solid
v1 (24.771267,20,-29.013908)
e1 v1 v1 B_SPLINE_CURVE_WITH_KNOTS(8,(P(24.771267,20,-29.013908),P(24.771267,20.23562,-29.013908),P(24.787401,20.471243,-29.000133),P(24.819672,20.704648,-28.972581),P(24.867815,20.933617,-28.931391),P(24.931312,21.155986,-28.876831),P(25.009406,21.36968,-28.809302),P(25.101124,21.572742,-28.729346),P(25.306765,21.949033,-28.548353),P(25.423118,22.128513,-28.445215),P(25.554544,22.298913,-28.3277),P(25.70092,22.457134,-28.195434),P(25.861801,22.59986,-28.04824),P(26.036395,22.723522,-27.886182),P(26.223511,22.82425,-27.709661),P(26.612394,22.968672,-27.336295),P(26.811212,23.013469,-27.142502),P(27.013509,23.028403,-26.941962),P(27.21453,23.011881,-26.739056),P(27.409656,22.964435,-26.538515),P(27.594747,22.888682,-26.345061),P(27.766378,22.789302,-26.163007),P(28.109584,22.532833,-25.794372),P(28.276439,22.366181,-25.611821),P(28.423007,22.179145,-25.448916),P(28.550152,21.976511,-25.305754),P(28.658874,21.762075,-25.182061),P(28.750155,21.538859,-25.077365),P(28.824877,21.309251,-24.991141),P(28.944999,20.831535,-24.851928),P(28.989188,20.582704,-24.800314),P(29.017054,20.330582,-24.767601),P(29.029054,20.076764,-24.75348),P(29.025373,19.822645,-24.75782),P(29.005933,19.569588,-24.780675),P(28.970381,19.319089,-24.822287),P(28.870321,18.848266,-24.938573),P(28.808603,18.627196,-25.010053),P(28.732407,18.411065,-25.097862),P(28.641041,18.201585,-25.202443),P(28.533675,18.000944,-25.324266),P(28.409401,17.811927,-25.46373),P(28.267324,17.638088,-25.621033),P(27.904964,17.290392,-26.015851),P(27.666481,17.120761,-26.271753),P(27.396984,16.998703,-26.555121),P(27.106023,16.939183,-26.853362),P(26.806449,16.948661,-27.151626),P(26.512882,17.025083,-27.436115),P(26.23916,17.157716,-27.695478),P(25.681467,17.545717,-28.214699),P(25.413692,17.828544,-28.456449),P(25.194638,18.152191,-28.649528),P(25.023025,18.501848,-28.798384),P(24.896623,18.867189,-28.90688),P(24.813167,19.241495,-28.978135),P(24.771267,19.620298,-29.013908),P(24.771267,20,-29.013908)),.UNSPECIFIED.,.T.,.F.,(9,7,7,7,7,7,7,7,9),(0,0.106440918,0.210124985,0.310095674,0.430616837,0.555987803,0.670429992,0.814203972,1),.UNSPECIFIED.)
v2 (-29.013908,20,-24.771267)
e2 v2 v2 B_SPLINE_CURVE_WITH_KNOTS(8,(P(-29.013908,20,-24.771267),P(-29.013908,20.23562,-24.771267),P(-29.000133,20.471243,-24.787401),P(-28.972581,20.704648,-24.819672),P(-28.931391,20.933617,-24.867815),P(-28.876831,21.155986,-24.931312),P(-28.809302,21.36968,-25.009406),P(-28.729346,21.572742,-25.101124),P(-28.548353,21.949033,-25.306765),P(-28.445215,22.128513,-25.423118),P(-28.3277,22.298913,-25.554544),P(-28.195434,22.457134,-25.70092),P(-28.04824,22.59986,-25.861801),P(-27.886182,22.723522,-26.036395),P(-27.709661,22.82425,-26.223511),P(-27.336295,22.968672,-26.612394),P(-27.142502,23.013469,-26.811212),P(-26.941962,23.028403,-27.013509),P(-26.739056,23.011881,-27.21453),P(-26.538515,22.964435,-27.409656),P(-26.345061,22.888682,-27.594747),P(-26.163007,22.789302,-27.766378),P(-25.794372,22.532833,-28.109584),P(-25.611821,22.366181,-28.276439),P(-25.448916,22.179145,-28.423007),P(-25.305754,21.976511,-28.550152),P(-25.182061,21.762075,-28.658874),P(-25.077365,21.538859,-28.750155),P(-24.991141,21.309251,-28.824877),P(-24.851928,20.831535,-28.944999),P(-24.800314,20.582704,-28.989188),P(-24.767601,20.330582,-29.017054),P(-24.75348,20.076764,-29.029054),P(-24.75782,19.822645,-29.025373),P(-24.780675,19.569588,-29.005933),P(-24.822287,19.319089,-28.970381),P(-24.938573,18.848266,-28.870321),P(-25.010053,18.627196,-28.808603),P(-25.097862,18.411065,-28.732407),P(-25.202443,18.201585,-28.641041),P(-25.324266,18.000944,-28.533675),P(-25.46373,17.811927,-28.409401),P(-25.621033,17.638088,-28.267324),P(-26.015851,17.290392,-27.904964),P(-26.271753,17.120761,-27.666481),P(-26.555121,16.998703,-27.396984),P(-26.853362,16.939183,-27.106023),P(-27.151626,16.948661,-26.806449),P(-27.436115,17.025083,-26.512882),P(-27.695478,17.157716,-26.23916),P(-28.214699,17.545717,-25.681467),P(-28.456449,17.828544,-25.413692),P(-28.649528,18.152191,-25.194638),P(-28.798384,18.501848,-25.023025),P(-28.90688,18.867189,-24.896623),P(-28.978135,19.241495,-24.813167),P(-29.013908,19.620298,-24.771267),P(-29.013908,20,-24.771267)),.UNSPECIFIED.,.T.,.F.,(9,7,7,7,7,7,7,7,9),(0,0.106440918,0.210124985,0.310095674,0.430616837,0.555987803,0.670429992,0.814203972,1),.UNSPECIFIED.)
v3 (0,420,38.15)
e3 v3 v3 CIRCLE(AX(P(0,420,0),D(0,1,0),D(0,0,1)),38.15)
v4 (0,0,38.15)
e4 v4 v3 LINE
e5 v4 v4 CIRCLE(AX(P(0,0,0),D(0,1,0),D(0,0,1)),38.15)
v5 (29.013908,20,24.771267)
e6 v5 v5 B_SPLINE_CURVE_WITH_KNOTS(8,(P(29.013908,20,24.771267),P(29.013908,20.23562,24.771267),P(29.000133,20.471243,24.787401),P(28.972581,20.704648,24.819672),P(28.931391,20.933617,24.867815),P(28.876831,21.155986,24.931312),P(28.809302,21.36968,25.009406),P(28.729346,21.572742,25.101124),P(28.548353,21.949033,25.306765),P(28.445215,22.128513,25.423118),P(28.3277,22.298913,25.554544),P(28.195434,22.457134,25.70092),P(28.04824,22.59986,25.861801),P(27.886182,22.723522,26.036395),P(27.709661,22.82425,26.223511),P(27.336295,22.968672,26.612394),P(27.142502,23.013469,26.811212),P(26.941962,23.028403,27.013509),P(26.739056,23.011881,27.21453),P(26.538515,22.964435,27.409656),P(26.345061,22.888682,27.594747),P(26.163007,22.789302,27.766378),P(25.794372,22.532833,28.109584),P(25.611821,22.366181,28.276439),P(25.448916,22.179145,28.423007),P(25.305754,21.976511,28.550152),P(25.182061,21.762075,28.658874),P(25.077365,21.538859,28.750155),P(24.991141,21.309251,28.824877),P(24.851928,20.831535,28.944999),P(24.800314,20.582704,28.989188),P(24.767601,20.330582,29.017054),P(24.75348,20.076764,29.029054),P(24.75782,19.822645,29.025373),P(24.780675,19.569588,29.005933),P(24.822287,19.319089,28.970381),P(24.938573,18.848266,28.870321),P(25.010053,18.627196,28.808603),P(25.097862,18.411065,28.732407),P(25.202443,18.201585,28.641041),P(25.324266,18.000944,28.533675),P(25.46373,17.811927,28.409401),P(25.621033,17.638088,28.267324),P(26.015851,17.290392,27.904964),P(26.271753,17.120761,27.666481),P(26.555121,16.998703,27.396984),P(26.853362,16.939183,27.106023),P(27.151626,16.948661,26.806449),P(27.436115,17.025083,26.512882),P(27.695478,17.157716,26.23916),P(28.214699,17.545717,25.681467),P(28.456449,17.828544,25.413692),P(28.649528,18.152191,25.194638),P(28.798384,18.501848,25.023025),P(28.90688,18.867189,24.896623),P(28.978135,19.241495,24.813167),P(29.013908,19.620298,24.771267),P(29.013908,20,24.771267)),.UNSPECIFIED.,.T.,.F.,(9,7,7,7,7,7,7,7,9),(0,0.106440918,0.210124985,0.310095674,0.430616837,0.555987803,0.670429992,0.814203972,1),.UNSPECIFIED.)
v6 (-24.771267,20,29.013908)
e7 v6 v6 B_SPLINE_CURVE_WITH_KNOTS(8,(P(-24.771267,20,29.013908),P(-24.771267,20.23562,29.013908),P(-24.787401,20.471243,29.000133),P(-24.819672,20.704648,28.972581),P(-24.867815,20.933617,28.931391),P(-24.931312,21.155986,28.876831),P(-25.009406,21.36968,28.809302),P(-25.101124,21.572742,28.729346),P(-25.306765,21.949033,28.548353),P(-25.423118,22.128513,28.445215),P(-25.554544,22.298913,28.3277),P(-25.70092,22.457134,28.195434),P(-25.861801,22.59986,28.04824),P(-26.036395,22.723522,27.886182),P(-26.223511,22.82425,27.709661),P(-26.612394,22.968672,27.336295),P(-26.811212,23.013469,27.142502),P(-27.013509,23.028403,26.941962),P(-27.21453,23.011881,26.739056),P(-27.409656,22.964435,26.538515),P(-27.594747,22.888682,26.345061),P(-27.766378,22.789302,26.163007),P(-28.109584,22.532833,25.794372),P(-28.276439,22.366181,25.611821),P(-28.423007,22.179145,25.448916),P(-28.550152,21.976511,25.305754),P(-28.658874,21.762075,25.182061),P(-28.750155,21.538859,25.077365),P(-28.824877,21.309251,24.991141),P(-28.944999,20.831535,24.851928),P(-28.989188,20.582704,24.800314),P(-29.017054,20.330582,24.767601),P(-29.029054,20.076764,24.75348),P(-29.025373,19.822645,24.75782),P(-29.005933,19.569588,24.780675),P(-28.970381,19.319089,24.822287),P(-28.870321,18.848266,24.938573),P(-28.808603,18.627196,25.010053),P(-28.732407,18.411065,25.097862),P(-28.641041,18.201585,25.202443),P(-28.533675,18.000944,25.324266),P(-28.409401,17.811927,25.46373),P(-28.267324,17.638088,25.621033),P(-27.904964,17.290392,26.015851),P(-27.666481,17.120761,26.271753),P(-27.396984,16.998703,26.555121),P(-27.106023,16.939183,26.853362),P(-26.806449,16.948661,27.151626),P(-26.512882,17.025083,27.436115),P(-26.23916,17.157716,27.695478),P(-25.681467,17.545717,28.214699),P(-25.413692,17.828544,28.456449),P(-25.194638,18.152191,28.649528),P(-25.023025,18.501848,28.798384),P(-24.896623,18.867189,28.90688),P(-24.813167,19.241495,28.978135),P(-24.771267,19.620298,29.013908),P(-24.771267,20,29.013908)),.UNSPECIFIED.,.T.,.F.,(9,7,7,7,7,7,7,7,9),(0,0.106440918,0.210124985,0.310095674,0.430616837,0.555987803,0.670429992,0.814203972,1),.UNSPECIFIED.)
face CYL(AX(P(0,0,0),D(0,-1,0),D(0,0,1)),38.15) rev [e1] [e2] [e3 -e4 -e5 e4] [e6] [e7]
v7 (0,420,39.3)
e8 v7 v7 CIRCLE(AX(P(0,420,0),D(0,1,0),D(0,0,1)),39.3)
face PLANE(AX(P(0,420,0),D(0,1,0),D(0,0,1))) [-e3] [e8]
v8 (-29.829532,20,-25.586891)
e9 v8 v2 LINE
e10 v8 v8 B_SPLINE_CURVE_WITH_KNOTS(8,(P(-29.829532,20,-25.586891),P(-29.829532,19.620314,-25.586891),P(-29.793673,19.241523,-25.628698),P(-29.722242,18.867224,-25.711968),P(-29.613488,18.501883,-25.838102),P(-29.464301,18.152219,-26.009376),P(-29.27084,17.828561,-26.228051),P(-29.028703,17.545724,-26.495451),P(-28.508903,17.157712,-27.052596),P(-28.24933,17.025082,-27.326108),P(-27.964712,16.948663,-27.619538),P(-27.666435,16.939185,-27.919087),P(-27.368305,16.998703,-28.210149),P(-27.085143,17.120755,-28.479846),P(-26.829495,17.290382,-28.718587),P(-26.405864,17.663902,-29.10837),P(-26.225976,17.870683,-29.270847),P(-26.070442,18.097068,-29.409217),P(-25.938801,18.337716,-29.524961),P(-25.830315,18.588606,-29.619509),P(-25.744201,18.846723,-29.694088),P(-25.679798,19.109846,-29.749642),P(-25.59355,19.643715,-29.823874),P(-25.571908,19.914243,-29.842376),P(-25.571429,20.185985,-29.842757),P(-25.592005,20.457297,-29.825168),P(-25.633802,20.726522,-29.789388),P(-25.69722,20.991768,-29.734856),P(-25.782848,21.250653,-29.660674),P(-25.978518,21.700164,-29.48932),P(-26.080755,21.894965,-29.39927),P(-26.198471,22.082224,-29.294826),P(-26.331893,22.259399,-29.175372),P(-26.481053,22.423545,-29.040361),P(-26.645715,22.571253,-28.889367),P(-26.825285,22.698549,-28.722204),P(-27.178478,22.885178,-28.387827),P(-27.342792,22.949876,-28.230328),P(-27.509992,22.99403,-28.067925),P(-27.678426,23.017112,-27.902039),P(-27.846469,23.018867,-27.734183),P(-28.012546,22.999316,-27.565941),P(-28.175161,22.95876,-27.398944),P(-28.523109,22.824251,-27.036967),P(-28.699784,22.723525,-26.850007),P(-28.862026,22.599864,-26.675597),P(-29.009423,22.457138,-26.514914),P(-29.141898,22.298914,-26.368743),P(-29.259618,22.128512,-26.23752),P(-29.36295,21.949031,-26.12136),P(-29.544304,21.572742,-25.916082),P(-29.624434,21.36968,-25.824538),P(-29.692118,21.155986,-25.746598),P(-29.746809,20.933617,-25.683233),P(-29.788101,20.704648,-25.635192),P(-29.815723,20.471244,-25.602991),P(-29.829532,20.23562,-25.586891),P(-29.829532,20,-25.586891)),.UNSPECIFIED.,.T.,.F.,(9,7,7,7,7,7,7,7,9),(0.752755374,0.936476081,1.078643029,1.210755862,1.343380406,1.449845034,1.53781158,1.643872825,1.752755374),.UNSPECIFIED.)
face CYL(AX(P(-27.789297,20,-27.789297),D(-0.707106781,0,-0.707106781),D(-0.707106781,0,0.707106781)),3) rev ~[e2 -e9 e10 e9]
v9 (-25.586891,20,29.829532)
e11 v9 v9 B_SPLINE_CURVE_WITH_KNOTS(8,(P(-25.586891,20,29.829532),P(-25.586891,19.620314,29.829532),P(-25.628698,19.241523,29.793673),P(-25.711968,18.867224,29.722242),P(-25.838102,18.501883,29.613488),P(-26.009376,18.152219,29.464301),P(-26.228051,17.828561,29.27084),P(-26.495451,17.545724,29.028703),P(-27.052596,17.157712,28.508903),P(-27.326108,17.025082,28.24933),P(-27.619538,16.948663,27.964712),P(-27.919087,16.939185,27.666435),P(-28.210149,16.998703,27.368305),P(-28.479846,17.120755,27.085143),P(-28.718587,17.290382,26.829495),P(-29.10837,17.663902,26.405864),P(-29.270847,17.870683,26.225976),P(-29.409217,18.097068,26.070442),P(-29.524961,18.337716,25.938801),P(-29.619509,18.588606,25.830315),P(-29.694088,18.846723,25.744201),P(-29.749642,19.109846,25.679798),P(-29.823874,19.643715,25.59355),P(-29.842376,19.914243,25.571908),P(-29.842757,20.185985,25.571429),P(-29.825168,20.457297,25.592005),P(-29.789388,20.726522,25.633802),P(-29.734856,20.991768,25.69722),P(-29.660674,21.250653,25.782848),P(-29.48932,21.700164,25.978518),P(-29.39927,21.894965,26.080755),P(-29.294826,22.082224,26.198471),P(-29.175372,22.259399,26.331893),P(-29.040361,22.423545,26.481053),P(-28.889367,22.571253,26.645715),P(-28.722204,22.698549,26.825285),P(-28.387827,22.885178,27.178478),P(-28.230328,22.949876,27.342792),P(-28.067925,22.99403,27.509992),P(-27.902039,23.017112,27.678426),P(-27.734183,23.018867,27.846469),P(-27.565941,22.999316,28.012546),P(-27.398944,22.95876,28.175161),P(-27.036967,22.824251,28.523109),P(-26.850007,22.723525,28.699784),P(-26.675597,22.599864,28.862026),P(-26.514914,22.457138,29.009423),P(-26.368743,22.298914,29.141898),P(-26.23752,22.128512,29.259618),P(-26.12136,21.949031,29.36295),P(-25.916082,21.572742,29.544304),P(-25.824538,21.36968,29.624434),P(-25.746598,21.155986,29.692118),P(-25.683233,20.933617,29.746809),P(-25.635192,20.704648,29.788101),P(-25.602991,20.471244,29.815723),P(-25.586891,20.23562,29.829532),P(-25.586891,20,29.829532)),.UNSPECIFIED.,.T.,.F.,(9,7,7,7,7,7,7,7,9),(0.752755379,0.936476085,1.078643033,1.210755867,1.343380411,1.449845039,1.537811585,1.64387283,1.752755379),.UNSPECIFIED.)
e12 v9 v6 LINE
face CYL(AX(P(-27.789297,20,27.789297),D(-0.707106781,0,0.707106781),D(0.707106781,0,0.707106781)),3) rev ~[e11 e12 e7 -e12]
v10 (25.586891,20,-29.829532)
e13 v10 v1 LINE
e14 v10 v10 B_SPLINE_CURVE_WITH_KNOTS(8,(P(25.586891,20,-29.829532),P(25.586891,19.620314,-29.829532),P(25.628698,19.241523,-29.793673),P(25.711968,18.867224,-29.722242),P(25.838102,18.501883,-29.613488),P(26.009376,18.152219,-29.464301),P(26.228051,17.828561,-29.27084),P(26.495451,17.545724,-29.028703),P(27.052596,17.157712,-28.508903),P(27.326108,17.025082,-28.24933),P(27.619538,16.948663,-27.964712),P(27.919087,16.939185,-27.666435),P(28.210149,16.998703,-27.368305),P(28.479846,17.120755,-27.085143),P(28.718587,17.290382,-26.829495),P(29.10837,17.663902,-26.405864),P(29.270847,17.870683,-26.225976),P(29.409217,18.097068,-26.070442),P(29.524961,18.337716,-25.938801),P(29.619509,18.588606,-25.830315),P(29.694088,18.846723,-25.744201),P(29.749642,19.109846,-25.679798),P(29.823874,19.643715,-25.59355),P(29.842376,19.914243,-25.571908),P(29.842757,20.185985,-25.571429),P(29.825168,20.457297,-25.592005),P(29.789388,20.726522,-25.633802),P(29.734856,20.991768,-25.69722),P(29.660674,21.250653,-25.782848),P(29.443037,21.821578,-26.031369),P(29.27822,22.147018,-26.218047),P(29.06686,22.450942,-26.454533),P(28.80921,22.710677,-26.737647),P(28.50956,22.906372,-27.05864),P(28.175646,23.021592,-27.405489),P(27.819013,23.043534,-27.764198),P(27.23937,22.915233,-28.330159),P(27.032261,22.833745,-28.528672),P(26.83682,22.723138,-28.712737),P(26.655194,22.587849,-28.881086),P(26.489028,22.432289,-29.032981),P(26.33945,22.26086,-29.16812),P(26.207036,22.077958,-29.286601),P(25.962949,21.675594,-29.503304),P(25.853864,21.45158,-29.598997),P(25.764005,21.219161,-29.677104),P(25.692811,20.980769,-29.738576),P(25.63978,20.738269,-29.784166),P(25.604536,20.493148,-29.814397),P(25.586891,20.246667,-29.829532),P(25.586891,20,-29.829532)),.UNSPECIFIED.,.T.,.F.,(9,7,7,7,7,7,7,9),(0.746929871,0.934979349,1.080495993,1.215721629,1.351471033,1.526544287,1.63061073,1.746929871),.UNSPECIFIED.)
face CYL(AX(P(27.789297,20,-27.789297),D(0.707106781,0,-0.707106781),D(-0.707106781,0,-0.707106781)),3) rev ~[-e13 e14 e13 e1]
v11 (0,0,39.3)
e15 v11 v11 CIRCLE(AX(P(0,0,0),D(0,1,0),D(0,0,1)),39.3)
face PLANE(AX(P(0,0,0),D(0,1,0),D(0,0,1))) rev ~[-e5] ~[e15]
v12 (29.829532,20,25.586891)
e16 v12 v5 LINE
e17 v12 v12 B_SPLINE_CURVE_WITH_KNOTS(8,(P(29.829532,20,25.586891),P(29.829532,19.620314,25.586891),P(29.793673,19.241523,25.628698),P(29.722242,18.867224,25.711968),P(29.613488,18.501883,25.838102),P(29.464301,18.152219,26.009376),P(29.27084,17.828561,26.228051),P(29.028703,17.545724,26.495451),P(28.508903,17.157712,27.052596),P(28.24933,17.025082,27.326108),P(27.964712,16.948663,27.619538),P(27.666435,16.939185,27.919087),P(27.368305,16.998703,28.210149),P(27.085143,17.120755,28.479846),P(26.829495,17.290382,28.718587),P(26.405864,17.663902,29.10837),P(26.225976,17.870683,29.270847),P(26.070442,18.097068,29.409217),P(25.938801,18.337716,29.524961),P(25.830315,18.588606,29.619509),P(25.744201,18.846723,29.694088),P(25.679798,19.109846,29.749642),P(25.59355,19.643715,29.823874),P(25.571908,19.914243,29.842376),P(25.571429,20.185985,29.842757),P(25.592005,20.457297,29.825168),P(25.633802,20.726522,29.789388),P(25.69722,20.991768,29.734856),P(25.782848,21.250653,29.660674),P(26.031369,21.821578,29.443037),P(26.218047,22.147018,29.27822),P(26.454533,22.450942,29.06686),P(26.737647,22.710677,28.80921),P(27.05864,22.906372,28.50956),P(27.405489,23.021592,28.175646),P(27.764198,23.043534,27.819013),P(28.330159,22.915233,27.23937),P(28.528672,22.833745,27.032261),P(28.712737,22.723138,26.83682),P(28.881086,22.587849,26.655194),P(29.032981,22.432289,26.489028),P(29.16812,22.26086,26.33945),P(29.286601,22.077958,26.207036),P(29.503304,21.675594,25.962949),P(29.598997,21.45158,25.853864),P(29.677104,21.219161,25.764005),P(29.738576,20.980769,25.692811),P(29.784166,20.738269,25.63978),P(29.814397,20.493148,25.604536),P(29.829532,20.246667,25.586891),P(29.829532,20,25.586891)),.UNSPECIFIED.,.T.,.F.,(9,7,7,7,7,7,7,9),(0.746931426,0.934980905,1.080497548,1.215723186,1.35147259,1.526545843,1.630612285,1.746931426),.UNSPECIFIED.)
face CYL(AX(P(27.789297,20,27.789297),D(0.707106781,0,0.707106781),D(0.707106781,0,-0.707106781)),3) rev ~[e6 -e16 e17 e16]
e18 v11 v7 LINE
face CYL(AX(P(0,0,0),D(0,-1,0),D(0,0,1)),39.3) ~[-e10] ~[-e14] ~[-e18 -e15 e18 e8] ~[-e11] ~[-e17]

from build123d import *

# Parameters (mm, degrees)
SKETCH1_R               = 39.3
SKETCH1_R_2             = 38.15
BOSS_EXTRUDE1_DEPTH     = 420
CUT_EXTRUDE1_REACH      = 432.583
CUT_EXTRUDE1_END_RADIUS = 38.15
SKETCH2_R               = 3
CIRPATTERN1_COUNT       = 4


with BuildPart() as part:
    # Sketch1 → Boss-Extrude1 (new body)
    with BuildSketch(Plane(origin=(0, 0, 0), x_dir=(1, 0, 0), z_dir=(0, 1, 0))):
        with Locations(Location((0, 0, 0), (0, 0, 270))):
            Circle(SKETCH1_R)
        with Locations(Location((0, 0, 0), (0, 0, 270))):
            Circle(SKETCH1_R_2, mode=Mode.SUBTRACT)
    extrude(amount=BOSS_EXTRUDE1_DEPTH)

    # Cut-Extrude1: up to this cylinder (the profile starts outside it)
    cut_extrude1_end = Plane(origin=(0, 20, 0), z_dir=(0, -1, 0)) * Cylinder(CUT_EXTRUDE1_END_RADIUS, 942.466, mode=Mode.PRIVATE)
    # Sketch2 → Cut-Extrude1 (cut, up to the surface)
    with BuildSketch(Plane(origin=(-27.789296501, 0, 27.789296501), x_dir=(0, -1, 0), z_dir=(-0.7071067811865488, 0, 0.7071067811865464)), mode=Mode.PRIVATE) as cut_extrude1_sk1:
        with Locations(Location((-20, 0, 0), (0, 0, 90))):
            Circle(SKETCH2_R)
    cut_extrude1_tool1 = extrude(cut_extrude1_sk1.sketch, amount=-CUT_EXTRUDE1_REACH, mode=Mode.PRIVATE) - cut_extrude1_end
    cut_extrude1 = cut_extrude1_tool1.solids().sort_by_distance((-27.789297, 20, 27.789297))[0]
    add(cut_extrude1, mode=Mode.SUBTRACT)

    # CirPattern1: Cut-Extrude1 ×4 about axis
    cirpattern1_axis = Axis((0, 420, 0), (0, -1, 0))
    for i in range(1, CIRPATTERN1_COUNT):
        add(cut_extrude1.rotate(cirpattern1_axis, i * 360 / CIRPATTERN1_COUNT), mode=Mode.SUBTRACT)


solid = part.part
